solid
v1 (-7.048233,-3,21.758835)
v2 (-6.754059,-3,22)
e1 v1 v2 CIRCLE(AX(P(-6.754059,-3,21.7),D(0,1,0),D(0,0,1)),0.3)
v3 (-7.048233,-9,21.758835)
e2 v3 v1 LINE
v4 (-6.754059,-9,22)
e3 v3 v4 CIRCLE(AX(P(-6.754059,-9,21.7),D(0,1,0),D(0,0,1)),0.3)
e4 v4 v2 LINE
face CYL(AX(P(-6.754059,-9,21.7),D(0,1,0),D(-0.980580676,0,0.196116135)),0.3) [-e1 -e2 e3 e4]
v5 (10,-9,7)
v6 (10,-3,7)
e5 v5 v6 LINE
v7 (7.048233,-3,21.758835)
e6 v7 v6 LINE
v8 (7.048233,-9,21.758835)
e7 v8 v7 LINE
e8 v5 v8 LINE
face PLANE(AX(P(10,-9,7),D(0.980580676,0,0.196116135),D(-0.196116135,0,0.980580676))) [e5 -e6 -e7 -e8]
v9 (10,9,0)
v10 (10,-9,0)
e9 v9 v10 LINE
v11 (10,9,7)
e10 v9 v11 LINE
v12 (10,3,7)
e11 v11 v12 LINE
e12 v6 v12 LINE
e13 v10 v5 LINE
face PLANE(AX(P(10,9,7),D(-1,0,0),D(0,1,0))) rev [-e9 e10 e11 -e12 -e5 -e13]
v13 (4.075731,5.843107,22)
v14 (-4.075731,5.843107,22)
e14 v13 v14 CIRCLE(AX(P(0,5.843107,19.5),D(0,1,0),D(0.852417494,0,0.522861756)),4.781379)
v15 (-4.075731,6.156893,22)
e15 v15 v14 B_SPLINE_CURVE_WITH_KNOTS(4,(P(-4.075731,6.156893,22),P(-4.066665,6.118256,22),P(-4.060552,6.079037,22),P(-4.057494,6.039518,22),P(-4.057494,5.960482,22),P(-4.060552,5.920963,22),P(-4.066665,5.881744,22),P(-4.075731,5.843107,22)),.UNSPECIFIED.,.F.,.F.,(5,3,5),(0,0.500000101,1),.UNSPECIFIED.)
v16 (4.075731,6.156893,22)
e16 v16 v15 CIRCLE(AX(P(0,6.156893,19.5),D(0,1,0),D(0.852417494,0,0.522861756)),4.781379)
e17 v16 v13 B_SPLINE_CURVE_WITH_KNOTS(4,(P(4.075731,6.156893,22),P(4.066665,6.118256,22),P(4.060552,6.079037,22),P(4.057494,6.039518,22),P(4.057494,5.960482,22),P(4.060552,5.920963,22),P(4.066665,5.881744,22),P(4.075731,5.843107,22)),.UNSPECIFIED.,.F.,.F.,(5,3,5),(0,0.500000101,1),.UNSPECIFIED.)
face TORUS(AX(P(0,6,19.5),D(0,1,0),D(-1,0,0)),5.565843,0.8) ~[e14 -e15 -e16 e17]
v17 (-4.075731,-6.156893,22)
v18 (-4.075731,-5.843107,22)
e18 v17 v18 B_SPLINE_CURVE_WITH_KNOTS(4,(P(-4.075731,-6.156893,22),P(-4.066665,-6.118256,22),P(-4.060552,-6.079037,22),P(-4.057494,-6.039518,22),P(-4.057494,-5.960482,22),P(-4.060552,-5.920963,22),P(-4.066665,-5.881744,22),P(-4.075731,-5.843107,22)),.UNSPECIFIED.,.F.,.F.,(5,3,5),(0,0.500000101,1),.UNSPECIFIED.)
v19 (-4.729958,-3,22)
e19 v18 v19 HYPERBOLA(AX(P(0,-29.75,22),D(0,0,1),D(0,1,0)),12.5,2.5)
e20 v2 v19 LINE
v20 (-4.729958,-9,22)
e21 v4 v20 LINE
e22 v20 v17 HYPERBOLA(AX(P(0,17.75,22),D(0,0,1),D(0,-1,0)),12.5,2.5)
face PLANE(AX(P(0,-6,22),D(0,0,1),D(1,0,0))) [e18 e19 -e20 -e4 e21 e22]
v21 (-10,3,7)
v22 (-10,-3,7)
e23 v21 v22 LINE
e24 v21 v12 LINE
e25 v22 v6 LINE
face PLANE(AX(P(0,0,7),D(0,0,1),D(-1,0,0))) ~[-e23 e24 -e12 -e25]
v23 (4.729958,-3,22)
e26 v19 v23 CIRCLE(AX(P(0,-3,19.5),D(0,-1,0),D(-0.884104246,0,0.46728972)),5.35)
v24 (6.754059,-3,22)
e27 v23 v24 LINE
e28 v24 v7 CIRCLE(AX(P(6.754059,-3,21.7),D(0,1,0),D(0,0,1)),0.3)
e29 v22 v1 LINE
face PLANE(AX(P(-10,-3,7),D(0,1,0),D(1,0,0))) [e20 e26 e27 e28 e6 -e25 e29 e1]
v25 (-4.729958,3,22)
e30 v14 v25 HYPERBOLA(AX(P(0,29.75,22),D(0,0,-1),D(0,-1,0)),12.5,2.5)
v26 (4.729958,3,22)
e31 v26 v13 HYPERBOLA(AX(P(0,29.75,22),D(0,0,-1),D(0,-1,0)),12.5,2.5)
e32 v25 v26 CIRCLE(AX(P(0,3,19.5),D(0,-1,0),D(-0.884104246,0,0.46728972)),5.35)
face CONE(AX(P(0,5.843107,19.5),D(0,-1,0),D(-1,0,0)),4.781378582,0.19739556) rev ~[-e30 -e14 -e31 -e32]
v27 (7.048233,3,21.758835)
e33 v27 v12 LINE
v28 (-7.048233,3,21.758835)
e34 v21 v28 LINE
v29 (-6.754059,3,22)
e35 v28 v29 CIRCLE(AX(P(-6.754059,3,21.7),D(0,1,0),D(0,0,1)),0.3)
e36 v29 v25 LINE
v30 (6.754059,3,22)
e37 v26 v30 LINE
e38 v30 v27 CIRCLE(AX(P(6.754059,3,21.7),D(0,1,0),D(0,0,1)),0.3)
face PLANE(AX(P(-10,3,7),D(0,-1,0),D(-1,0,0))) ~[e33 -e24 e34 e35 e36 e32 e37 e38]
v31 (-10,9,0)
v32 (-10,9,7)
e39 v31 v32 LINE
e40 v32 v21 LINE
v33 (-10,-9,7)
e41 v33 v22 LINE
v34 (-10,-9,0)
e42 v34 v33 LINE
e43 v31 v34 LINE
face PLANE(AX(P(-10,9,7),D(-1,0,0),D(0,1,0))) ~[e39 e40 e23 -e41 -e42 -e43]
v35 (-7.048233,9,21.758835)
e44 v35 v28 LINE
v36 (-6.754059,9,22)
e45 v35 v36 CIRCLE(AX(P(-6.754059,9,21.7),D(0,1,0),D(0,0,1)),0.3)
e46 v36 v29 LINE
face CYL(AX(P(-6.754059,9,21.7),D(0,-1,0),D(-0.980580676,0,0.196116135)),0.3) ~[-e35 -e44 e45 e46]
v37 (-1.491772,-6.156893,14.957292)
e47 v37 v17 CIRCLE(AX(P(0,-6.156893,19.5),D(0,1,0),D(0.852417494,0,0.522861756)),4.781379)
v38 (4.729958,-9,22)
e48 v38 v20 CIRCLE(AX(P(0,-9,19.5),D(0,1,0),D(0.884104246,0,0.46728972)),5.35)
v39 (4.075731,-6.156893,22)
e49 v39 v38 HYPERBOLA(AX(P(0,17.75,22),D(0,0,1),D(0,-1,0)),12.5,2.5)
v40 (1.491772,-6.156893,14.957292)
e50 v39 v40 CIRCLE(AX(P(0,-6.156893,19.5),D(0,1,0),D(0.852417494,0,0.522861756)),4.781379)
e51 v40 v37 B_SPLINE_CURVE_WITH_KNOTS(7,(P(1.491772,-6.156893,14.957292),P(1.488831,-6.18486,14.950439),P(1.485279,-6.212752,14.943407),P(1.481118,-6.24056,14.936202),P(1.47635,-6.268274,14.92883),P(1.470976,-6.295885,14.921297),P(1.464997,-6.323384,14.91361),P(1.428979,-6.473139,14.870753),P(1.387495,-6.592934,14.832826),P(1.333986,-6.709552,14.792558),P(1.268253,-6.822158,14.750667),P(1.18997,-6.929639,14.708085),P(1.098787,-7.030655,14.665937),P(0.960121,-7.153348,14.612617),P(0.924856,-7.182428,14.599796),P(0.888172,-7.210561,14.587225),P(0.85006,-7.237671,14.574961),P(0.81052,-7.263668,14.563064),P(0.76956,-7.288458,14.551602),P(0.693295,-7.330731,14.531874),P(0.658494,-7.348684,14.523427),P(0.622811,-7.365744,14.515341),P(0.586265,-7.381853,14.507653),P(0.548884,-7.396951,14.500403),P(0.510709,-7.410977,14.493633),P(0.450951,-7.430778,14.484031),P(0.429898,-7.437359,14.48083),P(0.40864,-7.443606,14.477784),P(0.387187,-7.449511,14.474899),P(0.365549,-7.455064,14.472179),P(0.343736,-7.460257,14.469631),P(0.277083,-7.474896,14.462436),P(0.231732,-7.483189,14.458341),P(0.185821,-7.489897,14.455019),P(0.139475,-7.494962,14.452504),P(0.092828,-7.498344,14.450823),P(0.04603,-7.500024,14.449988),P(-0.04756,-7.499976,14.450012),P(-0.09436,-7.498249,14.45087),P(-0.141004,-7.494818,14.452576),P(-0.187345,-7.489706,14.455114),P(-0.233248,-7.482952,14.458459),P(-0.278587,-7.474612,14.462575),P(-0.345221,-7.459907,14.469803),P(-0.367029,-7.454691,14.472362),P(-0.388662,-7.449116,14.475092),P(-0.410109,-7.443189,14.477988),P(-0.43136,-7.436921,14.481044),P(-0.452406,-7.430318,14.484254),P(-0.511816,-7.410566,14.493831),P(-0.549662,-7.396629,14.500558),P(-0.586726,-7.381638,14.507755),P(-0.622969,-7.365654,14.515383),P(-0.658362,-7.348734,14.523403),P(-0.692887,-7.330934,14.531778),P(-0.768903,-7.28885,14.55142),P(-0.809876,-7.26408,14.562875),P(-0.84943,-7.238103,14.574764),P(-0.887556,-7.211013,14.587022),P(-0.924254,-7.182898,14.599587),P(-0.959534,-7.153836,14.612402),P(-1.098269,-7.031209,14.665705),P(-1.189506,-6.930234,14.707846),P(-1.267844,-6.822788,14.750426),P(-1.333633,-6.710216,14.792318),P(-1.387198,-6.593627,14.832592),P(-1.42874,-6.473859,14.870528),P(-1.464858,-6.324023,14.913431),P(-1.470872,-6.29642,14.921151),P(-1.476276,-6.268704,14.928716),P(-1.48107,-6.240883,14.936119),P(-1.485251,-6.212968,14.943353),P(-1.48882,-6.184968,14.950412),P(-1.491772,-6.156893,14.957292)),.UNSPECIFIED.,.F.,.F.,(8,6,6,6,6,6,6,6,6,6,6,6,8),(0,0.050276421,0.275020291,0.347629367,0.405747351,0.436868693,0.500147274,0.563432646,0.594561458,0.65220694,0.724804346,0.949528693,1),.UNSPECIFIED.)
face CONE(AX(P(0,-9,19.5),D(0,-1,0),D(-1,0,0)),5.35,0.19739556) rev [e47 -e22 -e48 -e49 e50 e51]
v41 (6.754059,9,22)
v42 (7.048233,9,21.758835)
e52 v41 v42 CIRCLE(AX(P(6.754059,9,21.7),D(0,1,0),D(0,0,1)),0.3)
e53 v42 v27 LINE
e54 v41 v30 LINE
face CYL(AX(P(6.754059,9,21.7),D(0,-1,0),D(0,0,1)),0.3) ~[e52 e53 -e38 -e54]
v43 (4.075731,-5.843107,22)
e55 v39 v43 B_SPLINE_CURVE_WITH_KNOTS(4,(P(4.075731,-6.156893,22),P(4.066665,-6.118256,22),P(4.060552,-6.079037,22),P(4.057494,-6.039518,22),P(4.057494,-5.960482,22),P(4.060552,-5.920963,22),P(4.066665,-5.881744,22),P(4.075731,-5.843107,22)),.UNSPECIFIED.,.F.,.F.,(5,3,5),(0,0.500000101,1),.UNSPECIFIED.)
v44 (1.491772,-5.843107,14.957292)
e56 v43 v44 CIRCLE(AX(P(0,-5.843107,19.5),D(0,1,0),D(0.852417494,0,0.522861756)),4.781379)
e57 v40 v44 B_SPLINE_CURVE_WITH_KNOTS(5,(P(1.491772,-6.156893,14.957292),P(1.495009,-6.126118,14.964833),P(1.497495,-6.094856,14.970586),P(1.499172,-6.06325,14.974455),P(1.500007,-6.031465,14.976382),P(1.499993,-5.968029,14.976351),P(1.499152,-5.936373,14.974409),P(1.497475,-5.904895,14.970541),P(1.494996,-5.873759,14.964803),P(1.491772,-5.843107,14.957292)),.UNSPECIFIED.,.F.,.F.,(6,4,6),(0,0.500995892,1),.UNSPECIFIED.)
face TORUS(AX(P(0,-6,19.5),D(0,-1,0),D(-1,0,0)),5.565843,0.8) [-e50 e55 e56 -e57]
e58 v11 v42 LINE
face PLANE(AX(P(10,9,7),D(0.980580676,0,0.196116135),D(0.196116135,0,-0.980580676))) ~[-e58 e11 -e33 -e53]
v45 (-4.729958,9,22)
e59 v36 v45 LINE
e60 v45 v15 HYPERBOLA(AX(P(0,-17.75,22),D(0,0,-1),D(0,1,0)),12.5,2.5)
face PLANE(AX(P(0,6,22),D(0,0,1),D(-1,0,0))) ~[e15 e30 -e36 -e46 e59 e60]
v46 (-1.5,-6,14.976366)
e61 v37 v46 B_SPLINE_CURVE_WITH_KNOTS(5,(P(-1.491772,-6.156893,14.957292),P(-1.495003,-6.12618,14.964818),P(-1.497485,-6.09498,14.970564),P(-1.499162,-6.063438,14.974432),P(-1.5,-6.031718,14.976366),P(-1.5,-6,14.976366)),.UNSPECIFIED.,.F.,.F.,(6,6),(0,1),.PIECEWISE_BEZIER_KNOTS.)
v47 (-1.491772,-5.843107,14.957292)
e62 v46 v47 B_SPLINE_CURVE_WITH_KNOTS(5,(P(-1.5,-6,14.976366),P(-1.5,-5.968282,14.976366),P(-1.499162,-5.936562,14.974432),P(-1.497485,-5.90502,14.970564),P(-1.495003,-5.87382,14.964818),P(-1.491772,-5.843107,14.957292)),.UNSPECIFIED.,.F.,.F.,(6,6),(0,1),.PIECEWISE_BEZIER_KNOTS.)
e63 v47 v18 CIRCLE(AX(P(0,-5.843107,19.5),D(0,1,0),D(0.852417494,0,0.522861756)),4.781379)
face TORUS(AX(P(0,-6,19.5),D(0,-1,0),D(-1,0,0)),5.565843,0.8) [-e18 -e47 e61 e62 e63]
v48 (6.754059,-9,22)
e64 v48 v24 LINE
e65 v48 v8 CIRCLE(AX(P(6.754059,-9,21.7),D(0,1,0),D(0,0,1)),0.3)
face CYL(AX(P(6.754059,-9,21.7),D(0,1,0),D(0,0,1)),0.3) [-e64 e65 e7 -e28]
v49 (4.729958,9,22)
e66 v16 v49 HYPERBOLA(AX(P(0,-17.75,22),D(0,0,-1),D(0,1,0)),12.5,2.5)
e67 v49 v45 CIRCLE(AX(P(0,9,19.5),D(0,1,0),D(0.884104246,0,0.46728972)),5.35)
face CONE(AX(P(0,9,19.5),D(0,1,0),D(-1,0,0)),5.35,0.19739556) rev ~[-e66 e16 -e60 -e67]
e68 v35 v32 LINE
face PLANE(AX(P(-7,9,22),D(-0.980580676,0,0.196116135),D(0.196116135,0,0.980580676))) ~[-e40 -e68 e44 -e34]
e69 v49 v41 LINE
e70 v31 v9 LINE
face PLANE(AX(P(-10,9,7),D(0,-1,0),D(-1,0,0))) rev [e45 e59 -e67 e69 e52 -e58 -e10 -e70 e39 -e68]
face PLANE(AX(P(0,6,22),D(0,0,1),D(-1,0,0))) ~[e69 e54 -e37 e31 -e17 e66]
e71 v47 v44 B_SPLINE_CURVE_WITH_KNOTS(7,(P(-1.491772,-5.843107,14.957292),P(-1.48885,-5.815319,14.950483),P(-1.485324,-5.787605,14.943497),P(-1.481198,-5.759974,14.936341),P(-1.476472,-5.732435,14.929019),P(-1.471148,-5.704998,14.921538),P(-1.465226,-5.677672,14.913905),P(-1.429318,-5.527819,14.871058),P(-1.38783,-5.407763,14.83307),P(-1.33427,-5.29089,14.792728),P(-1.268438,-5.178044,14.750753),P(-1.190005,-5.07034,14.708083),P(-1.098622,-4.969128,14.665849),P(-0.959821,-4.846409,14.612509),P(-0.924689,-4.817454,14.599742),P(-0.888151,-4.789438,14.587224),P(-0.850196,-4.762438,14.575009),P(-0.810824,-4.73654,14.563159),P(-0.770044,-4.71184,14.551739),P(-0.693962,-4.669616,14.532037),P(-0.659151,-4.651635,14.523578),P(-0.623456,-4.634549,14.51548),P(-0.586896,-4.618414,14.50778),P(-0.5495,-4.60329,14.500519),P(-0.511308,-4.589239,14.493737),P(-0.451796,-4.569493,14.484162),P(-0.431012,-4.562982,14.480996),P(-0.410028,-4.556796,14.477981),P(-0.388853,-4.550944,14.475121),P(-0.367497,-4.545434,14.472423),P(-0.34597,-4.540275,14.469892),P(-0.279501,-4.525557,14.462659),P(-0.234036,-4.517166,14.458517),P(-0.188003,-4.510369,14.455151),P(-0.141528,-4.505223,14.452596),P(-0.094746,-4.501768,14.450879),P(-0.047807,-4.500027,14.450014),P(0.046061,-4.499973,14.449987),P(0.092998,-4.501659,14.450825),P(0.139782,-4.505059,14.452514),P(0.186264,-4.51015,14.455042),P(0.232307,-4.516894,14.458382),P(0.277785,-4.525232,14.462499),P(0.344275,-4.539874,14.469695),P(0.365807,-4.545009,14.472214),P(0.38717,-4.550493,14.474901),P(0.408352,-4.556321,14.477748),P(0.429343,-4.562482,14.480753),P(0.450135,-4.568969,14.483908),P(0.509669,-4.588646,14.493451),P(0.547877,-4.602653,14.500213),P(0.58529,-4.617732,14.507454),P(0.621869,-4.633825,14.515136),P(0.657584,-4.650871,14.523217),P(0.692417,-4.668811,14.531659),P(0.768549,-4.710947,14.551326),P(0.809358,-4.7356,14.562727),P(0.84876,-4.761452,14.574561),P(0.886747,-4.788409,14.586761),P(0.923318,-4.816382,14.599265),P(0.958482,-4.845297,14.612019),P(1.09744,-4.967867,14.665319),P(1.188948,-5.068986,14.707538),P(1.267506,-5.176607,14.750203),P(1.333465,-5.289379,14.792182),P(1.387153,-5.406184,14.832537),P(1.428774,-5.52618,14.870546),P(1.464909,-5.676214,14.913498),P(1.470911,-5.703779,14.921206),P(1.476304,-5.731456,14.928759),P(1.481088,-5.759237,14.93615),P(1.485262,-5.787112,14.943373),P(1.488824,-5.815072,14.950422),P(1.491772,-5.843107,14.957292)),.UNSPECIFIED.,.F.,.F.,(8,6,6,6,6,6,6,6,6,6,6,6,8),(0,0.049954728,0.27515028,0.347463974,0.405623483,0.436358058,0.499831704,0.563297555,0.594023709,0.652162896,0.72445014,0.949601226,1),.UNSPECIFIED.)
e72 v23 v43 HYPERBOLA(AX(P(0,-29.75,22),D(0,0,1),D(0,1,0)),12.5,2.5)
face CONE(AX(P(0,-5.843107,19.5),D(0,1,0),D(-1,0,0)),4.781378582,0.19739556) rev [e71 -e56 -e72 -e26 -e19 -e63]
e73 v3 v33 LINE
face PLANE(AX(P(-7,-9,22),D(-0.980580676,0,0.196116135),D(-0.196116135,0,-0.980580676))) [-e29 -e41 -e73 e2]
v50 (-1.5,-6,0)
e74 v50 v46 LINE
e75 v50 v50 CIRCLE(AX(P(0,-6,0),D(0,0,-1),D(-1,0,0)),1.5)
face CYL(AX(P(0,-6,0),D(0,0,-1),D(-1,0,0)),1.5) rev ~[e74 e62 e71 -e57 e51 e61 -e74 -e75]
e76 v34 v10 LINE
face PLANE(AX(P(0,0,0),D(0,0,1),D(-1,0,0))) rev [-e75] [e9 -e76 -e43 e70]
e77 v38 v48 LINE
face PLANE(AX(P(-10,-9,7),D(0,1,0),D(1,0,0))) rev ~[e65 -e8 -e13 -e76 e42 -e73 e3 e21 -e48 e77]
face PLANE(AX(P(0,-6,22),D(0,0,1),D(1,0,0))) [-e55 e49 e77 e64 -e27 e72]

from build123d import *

# Parameters (mm, degrees)
SKETCH1_W               = 20
SKETCH1_H               = 18
BOSS_EXTRUDE1_DEPTH     = 7
SKETCH2_W               = 20
SKETCH2_H               = 6
BOSS_EXTRUDE2_DEPTH     = 15
SKETCH3_R               = 5.35
CUT_EXTRUDE1_DEPTH      = 18
SKETCH5_W               = 14
SKETCH5_H               = 6
CUT_EXTRUDE2_DEPTH      = 3.85
FILLET1_R               = 0.3
SKETCH6_W               = 20
SKETCH6_H               = 9
CUT_EXTRUDE3_DEPTH      = 16.0000001
CUT_EXTRUDE3_DEPTH_BACK = 8
SKETCH7_R               = 1.5
CUT_EXTRUDE4_DEPTH      = 1
CUT_EXTRUDE4_DEPTH_BACK = 23.0000001


with BuildPart() as part:
    # Sketch1 → Boss-Extrude1 (new body)
    with BuildSketch(Plane.XY):
        Rectangle(SKETCH1_W, SKETCH1_H)
    extrude(amount=BOSS_EXTRUDE1_DEPTH)

    # Sketch2 → Boss-Extrude2 (add)
    with BuildSketch(Plane.XY.offset(7)):
        with Locations((0, -6)):
            Rectangle(SKETCH2_W, SKETCH2_H)
        with Locations((0, 6)):
            Rectangle(SKETCH2_W, SKETCH2_H)
    extrude(amount=BOSS_EXTRUDE2_DEPTH)

    # Sketch3 → Cut-Extrude1 (cut)
    with BuildSketch(Plane.XZ.offset(9)):
        with Locations((0, 19.5)):
            Circle(SKETCH3_R)
        Polygon((-7, 22), (-10, 7), (-10, 22), align=None)
        Polygon((7, 22), (10, 22), (10, 7), align=None)
    extrude(amount=-CUT_EXTRUDE1_DEPTH, mode=Mode.SUBTRACT)

    # Sketch4 → Revolve4 (revolve)
    with BuildSketch(Plane.XY.offset(19.5)):
        with BuildLine():
            Line((-5.35, -3), (-5.35, -9))
            Line((-5.35, -9), (-4.781378582, -6.156892908))
            ThreePointArc((-4.781378582, -6.156892908), (-4.765843122, -6), (-4.781378582, -5.843107092))
            Line((-4.781378582, -5.843107092), (-5.35, -3))
        make_face()
    revolve(axis=Axis((0, -3, 19.5), (0, -1, 0)))

    # Sketch5 → Cut-Extrude2 (cut, through all)
    with BuildSketch(Plane.XY.offset(22)):
        with Locations((0, -6)):
            Rectangle(SKETCH5_W, SKETCH5_H)
    extrude(amount=CUT_EXTRUDE2_DEPTH, mode=Mode.SUBTRACT)

    # Fillet1
    fillet1_edges = [part.edges().sort_by_distance(p)[0] for p in [
        (7, -6, 22),
        (-7, -6, 22),
        (-7, 6, 22),
        (7, 6, 22),
        (-4.729957717, 6, 22),
        (4.729957717, 6, 22),
    ]]
    fillet(fillet1_edges, radius=FILLET1_R)

    # Sketch6 → Cut-Extrude3 (cut, two sides)
    with BuildSketch(Plane.XY.offset(7)) as cut_extrude3_sk:
        with Locations((0, 4.5)):
            Rectangle(SKETCH6_W, SKETCH6_H)
    extrude(amount=CUT_EXTRUDE3_DEPTH, mode=Mode.SUBTRACT)
    extrude(cut_extrude3_sk.sketch, amount=-CUT_EXTRUDE3_DEPTH_BACK, mode=Mode.SUBTRACT)

    # Mirror2: part across plane


with BuildPart() as part_1:
    add(part.part)
    add(part.part.mirror(Plane(origin=(-10, 0, 0), x_dir=(0, 0, 1), z_dir=(0, -1, 0))))

    # Sketch7 → Cut-Extrude4 (cut, two sides)
    with BuildSketch(Plane(origin=(0, 0, 0), x_dir=(-1, 0, 0), z_dir=(0, 0, -1))) as cut_extrude4_sk:
        with Locations((0, -6)):
            Circle(SKETCH7_R)
    extrude(amount=CUT_EXTRUDE4_DEPTH, mode=Mode.SUBTRACT)
    extrude(cut_extrude4_sk.sketch, amount=-CUT_EXTRUDE4_DEPTH_BACK, mode=Mode.SUBTRACT)


solid = part_1.part
